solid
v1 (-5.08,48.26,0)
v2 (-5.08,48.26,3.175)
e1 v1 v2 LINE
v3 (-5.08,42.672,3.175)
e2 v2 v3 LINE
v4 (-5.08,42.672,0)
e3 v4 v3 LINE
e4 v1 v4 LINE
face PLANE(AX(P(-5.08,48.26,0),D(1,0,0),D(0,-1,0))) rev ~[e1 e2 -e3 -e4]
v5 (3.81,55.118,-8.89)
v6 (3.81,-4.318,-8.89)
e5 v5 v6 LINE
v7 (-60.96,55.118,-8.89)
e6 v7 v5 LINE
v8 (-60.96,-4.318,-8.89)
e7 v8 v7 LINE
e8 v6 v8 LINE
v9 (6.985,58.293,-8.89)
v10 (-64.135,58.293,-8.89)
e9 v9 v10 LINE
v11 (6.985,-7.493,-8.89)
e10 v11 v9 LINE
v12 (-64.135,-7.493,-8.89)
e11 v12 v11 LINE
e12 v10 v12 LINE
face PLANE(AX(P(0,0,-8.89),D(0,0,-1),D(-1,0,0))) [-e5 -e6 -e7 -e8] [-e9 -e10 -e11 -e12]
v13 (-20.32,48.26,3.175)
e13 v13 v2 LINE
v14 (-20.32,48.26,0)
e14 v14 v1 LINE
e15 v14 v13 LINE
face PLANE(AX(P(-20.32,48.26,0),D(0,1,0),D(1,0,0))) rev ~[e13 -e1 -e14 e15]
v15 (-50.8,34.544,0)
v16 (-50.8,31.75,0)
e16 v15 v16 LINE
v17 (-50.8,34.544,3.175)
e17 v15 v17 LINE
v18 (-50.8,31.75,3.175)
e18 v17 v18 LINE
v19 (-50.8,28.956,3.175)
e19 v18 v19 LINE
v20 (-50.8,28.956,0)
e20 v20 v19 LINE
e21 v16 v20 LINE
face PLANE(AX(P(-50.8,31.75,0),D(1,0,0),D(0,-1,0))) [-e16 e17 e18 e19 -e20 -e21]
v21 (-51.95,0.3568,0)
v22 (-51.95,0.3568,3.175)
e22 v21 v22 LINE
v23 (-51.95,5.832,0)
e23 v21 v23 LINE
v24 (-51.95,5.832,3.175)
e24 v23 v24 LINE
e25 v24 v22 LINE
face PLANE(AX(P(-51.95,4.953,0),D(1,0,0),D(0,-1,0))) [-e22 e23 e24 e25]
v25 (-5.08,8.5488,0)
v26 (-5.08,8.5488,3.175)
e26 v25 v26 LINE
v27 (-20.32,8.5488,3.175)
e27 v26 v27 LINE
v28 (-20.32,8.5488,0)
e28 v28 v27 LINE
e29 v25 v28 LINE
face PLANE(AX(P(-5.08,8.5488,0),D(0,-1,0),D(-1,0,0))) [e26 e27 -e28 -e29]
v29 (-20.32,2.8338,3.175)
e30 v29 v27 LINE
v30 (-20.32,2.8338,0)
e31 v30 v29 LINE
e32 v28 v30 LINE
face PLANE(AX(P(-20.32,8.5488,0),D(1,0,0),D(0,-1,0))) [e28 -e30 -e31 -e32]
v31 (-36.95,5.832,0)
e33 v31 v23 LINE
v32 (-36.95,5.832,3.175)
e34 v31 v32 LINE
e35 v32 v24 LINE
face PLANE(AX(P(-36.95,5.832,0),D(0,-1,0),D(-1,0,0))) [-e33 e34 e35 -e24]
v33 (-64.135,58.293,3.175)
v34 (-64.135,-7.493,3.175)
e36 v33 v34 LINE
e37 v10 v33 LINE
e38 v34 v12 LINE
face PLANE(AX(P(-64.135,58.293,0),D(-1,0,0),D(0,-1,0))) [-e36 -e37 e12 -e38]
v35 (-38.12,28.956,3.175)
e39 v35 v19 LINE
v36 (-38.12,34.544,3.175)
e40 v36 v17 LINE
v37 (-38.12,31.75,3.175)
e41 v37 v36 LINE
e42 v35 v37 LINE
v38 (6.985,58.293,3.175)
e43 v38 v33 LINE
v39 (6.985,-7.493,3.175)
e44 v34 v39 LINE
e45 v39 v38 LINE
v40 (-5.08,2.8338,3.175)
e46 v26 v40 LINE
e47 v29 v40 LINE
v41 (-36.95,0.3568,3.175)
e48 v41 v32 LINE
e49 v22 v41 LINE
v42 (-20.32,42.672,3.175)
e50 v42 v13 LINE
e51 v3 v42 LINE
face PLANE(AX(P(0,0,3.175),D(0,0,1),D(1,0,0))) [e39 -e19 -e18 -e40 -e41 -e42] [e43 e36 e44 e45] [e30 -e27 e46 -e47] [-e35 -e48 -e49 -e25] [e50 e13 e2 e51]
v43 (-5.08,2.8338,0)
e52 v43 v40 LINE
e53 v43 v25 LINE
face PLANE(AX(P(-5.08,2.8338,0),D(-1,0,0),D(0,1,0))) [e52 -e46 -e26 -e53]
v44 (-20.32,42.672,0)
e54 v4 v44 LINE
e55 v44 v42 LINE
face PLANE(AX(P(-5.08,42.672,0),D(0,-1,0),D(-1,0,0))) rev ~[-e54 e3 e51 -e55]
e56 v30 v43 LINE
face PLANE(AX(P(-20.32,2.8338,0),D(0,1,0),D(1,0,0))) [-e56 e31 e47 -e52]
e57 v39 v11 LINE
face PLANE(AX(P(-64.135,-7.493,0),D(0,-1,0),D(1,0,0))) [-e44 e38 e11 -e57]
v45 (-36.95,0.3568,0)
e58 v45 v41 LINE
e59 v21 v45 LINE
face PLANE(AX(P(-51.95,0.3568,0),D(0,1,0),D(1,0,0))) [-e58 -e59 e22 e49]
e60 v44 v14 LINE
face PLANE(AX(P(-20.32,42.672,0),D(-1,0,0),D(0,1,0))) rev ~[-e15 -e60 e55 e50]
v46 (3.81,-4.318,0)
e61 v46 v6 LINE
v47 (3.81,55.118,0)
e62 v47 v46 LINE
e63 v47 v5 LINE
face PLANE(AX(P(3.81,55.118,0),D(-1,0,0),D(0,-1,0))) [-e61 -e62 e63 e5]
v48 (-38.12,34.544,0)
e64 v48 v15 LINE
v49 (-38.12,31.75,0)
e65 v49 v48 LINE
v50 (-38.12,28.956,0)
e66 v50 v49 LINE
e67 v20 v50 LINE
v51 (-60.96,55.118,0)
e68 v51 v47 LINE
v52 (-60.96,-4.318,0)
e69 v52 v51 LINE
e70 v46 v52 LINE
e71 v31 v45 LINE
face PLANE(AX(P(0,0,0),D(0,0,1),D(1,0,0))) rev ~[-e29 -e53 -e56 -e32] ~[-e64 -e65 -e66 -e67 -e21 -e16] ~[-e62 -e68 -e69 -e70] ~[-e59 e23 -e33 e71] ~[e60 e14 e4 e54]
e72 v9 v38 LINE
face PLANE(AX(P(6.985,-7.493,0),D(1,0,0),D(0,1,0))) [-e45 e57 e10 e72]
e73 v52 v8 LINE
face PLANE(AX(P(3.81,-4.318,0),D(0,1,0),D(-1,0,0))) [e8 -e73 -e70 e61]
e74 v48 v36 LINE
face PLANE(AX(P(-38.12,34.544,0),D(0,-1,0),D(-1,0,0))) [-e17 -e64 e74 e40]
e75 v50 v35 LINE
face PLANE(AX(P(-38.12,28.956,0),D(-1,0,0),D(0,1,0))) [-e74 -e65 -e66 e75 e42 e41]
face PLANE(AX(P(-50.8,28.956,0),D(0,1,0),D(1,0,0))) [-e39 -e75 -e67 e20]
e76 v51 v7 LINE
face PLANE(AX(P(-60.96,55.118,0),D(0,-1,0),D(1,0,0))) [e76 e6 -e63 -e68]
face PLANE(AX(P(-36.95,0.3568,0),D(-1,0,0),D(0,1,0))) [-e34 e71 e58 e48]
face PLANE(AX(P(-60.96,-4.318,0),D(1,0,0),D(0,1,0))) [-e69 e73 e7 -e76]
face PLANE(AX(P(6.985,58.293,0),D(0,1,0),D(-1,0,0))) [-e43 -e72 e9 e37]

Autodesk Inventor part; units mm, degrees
ref_plane "YZ Plane" through (0, 0, 0) normal (1, 0, 0) x (0, 1, 0)
ref_plane "XZ Plane" through (0, 0, 0) normal (0, 1, 0) x (-1, 0, 0)
ref_plane "XY Plane" through (0, 0, 0) normal (0, 0, 1) x (1, 0, 0)
sketch "Sketch1" plane through (0, 0, 0) normal (0, 0, 1) x (1, 0, 0)
  point P0 (0, 0)
sketch "0" plane through (0, 0, 0) normal (0, 0, 1) x (1, 0, 0)
  line L0 (-20.32, 48.26) -> (-5.08, 48.26)
  line L1 (-5.08, 48.26) -> (-5.08, 42.672)
  line L2 (-5.08, 42.672) -> (-20.32, 42.672)
  line L3 (-20.32, 42.672) -> (-20.32, 48.26)
  line L4 (-36.95, -0.635) -> (-36.95, 4.953)
  line L5 (-36.95, 4.953) -> (-51.95, 4.953)
  line L6 (-51.95, 4.953) -> (-51.95, -0.635)
  line L7 (-51.95, -0.635) -> (-36.95, -0.635)
  line L8 (-20.32, -0.635) -> (-5.08, -0.635)
  line L9 (-5.08, -0.635) -> (-5.08, 4.953)
  line L10 (-5.08, 4.953) -> (-20.32, 4.953)
  line L11 (-20.32, 4.953) -> (-20.32, -0.635)
  line L12 (-60.96, 54.61) -> (-60.96, -3.81)
  line L13 (-60.96, -3.81) -> (3.81, -3.81)
  line L14 (3.81, -3.81) -> (3.81, 54.61)
  line L15 (3.81, 54.61) -> (-60.96, 54.61)
  line L16 (-60.96, -3.81) -> (3.81, -3.81)
  line L17 (3.81, -3.81) -> (3.81, 54.61)
  line L18 (-60.96, 54.61) -> (-60.96, -3.81)
  line L19 (-60.96, -3.81) -> (3.81, -3.81)
  line L20 (-50.8, 28.956) -> (-38.12, 28.956)
  line L21 (-38.12, 28.956) -> (-38.12, 34.544)
  line L22 (-38.12, 34.544) -> (-50.8, 34.544)
  line L23 (-50.8, 34.544) -> (-50.8, 28.956)
  line L24 (-44.45, 31.75) -> (-50.8, 31.75)
  line L25 (-50.8, 31.75) -> (-50.8, 28.956)
  line L26 (-50.8, 28.956) -> (-44.45, 28.956)
  line L27 (-44.45, 28.956) -> (-44.45, 31.75)
  line L28 (-20.32, 0.3568) -> (-36.95, 0.3568)
  line L29 (-50.8, 54.61) -> (-60.96, 54.61)
  line L30 (-5.08, -3.81) -> (3.81, -3.81)
  line L31 (3.81, -3.81) -> (3.81, 54.61)
  circle A0 centre (-54.61, 31.75) radius 1.0922
  circle A1 centre (-34.29, 31.75) radius 1.0922
  line L32 (-54.61, 31.75) -> (-34.29, 31.75)
  line L33 (3.81, 55.118) -> (-60.96, 55.118)
  line L34 (-60.96, -4.318) -> (3.81, -4.318)
  line L35 (-60.96, 55.118) -> (3.81, 55.118)
  line L36 (3.81, 55.118) -> (3.81, -4.318)
  line L37 (3.81, -4.318) -> (-60.96, -4.318)
  line L38 (-60.96, -4.318) -> (-60.96, 55.118)
  line L39 (-60.96, 58.293) -> (6.985, 58.293)
  line L40 (6.985, 58.293) -> (6.985, -4.318)
  line L41 (-64.135, 55.118) -> (-64.135, -7.493)
  line L42 (-64.135, -7.493) -> (3.81, -7.493)
  line L43 (-64.135, 55.118) -> (-60.96, 55.118)
  line L44 (-60.96, 55.118) -> (-60.96, 58.293)
  line L45 (-60.96, 58.293) -> (-64.135, 58.293)
  line L46 (-64.135, 58.293) -> (-64.135, 55.118)
  line L47 (6.985, -4.318) -> (3.81, -4.318)
  line L48 (3.81, -4.318) -> (3.81, -7.493)
  line L49 (3.81, -7.493) -> (6.985, -7.493)
  line L50 (6.985, -7.493) -> (6.985, -4.318)
  line L51 (-20.32, 2.8338) -> (-5.08, 2.8338)
  line L52 (-5.08, 2.8338) -> (-5.08, 8.5488)
  line L53 (-5.08, 8.5488) -> (-20.32, 8.5488)
  line L54 (-20.32, 8.5488) -> (-20.32, 2.8338)
  line L55 (-51.95, 0.3568) -> (-36.95, 0.3568)
  line L56 (-36.95, 0.3568) -> (-36.95, 5.832)
  line L57 (-36.95, 5.832) -> (-51.95, 5.832)
  line L58 (-51.95, 5.832) -> (-51.95, 0.3568)
  point P0 (-20.32, 51.435)
  point P1 (-5.08, 48.26)
  point P2 (-5.08, 42.672)
  point P3 (-20.32, 45.847)
  dimension "d0" = 0.508
  dimension "d1" = 0.508
  dimension "d2" = 3.175
  dimension "d3" = 3.175
  dimension "d9" = 15.24
  dimension "d10" = 5.588
  dimension "d11" = 90
  dimension "d13" = 5.588
  dimension "d14" = 5.588
  dimension "d15" = 15.24
  dimension "d16" = 15.24
  dimension "d17" = 6.35
  dimension "d18" = 5.715
extrude "Extrusion1" add sketch "0" along normal blind 3.175 contours L7 L6 L55 L4 | L11 L51 L9 L8 | L15 L14 L13 L12 | L38 L33 L36 L15 | L12 L38 L34 L48 L42 L41 L43 | L13 L36 L34 L38 | L44 L39 L40 L47 L36 L14 L33 | L43 L46 L45 L44 | L47 L50 L49 L48 | A0 | A1
sketch "Sketch3" plane through (0, 0, 0) normal (0, 0, -1) x (-1, 0, 0)
  line L0 (-6.985, -7.493) -> (-6.985, 58.293) projected
  line L1 (64.135, -7.493) -> (-6.985, -7.493) projected
  line L2 (64.135, 58.293) -> (64.135, -7.493) projected
  line L3 (-6.985, 58.293) -> (64.135, 58.293) projected
  line L4 (36.95, 5.832) -> (36.95, 0.3568) projected
  line L5 (51.95, 0.3568) -> (51.95, 5.832) projected
  line L6 (50.8, 28.956) -> (50.8, 34.544) projected
  line L7 (38.12, 28.956) -> (50.8, 28.956) projected
  line L8 (38.12, 34.544) -> (38.12, 28.956) projected
  line L9 (50.8, 34.544) -> (38.12, 34.544) projected
  line L10 (20.32, 2.8338) -> (20.32, 8.5488) projected
  line L11 (5.08, 8.5488) -> (5.08, 2.8338) projected
  line L12 (-3.81, 55.118) -> (-3.81, -4.318)
  line L13 (-3.81, -4.318) -> (60.96, -4.318)
  line L14 (60.96, -4.318) -> (60.96, 55.118)
  line L15 (60.96, 55.118) -> (-3.81, 55.118)
  line L16 (5.08, 2.8338) -> (20.32, 2.8338) projected
  line L17 (20.32, 8.5488) -> (5.08, 8.5488) projected
  line L18 (36.95, 0.3568) -> (51.95, 0.3568) projected
  line L19 (51.95, 5.832) -> (36.95, 5.832) projected
  point P0 (0, 0)
  dimension "d6" = 3.175
extrude "Extrusion2" add sketch "Sketch3" along normal blind 8.89 contours L0 L3 L2 L1
properties part number "pololuAndRelayCaseTop" material "Rubber, Silicone"
